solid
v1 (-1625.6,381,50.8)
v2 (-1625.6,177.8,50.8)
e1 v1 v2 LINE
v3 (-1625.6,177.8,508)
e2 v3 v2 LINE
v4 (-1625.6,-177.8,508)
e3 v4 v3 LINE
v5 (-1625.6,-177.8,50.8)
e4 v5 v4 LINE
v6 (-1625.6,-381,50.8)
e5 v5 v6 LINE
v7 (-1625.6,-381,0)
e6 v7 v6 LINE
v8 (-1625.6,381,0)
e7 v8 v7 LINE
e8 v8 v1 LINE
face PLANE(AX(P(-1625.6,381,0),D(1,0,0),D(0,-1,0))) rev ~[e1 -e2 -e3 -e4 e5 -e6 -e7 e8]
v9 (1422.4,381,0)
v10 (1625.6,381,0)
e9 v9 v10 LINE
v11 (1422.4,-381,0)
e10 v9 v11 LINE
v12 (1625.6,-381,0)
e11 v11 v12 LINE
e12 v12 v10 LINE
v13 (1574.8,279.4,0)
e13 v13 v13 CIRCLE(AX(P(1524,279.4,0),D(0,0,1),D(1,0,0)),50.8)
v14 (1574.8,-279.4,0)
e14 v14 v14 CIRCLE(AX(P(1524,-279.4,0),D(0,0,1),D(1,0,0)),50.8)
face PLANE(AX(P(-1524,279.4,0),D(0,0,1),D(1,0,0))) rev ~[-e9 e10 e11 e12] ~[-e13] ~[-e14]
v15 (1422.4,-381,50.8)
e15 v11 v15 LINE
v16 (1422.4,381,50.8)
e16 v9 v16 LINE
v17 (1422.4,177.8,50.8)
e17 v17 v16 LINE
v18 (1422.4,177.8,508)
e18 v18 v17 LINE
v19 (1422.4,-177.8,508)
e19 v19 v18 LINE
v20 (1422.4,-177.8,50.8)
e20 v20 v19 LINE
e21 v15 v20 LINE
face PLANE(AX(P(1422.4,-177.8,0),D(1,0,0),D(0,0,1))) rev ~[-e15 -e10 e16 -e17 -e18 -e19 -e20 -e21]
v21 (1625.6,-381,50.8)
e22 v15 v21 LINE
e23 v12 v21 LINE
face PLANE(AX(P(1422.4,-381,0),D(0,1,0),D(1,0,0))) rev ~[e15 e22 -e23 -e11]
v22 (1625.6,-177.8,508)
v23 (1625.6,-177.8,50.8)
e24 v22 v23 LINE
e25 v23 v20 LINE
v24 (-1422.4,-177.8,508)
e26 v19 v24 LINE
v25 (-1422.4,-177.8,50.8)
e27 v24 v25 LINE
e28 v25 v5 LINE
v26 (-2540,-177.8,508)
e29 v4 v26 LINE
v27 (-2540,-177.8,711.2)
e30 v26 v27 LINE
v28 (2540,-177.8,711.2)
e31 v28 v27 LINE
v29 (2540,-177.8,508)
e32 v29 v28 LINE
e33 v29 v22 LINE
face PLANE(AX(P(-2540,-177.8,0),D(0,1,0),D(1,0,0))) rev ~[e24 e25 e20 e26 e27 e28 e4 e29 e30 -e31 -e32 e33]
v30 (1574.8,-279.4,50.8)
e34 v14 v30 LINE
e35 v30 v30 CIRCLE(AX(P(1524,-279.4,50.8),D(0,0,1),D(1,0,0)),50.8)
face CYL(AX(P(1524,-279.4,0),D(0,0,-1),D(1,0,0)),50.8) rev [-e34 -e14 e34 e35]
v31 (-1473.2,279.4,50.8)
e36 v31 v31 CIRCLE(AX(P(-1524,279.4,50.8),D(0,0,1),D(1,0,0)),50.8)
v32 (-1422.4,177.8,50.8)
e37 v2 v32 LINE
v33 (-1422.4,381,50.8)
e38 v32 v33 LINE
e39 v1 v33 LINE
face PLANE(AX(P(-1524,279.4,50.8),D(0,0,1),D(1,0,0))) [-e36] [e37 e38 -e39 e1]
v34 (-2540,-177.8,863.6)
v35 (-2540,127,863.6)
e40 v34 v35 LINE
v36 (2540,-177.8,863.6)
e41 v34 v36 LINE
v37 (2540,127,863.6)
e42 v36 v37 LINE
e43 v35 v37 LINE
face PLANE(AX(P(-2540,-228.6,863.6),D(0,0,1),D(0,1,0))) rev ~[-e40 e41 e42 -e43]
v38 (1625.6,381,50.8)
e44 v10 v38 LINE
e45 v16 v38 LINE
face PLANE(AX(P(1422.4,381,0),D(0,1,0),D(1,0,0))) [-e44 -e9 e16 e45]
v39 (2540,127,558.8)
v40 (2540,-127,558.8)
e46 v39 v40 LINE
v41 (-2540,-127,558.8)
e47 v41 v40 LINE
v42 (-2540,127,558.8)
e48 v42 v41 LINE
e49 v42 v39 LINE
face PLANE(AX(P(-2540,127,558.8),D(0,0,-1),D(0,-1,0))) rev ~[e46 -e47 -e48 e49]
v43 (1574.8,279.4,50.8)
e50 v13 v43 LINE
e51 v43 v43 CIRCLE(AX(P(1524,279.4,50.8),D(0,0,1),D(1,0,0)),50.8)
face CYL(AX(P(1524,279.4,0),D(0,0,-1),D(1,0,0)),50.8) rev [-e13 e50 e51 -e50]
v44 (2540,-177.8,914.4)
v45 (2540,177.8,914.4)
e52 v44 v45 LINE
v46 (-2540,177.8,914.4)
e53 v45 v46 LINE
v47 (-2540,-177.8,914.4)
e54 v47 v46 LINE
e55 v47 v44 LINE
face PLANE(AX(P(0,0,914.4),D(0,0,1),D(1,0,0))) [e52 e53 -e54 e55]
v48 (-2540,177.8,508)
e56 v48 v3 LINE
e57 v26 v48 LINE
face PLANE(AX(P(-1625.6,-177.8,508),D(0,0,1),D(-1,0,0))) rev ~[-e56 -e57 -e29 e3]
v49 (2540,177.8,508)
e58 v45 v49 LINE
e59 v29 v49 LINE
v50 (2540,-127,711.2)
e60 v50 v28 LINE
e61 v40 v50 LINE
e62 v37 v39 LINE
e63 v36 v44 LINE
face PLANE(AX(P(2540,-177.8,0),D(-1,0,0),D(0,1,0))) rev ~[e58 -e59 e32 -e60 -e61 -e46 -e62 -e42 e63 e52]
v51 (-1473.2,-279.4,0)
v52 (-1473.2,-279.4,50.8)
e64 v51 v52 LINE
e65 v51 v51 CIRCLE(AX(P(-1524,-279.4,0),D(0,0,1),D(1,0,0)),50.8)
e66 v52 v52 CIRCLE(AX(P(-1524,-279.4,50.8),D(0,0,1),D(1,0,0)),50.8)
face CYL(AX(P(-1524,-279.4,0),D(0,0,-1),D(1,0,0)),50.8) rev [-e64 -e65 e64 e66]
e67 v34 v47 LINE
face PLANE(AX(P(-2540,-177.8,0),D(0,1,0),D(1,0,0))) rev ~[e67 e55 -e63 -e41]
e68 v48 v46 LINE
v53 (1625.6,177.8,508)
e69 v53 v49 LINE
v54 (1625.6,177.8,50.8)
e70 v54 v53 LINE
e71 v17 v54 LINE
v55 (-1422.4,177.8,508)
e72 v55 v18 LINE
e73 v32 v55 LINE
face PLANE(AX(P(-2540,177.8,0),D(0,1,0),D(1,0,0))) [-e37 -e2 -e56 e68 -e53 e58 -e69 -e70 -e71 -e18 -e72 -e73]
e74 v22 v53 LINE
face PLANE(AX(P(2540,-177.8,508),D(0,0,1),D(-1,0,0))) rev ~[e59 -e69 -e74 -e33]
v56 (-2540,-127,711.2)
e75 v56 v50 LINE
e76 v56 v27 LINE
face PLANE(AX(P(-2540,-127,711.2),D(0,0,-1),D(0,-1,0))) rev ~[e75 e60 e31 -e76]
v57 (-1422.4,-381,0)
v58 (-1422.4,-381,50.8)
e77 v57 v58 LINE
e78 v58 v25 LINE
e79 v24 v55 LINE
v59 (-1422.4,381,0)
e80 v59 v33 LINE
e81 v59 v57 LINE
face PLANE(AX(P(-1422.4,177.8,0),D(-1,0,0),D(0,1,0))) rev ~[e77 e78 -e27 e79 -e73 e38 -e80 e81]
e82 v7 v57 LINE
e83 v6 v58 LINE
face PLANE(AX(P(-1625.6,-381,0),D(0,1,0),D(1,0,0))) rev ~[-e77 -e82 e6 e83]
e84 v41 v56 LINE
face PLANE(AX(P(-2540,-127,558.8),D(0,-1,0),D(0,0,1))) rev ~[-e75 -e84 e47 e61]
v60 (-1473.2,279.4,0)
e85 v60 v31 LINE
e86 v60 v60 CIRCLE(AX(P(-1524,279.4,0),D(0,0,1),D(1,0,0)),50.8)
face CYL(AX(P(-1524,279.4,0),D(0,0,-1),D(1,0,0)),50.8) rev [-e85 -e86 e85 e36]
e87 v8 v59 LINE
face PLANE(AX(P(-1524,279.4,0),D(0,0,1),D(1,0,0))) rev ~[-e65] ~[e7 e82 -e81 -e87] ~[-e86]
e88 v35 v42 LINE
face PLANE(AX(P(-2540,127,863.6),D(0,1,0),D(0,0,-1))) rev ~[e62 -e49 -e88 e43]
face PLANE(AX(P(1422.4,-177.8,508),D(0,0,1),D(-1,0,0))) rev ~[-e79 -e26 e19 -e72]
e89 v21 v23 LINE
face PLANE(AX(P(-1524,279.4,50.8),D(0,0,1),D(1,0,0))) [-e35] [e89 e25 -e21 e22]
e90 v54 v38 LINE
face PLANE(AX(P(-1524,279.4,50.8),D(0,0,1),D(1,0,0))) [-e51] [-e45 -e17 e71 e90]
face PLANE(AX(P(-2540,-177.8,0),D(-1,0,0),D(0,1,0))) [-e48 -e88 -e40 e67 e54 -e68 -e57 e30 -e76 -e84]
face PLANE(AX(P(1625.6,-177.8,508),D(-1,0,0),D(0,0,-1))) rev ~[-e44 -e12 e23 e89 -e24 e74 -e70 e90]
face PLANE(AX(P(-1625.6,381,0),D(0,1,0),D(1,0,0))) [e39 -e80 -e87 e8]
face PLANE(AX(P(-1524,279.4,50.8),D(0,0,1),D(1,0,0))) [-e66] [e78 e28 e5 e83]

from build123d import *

# Parameters (mm, degrees)
F0_W     = 203.2
F0_H     = 203.2
F0_R     = 50.8
F0_H_2   = 355.6
F0_W_2   = 2844.8
F0_W_3   = 914.4
F1_DEPTH = 50.8
F2_DEPTH = 914.4
F3_W     = 50.8
F3_H     = 152.4
F4_DEPTH = 5963.92
F6_DEPTH = 1143


with BuildPart() as f1:
    # F0 (on Top) → F1 (new body)
    with BuildSketch(Plane.XY):
        with Locations((-1524, 279.4)):
            Rectangle(F0_W, F0_H)
        with Locations((-1524, 279.4)):
            Circle(F0_R, mode=Mode.SUBTRACT)
        with Locations((-1524, -279.4)):
            Rectangle(F0_W, F0_H)
        with Locations((-1524, -279.4)):
            Circle(F0_R, mode=Mode.SUBTRACT)
        with Locations((-1524, 0)):
            Rectangle(F0_W, F0_H_2)
        Rectangle(F0_W_2, F0_H_2)
        with Locations((-2082.8, 0)):
            Rectangle(F0_W_3, F0_H_2)
        with Locations((2082.8, 0)):
            Rectangle(F0_W_3, F0_H_2)
        with Locations((1524, 0)):
            Rectangle(F0_W, F0_H_2)
        with Locations((1524, 279.4)):
            Rectangle(F0_W, F0_H)
        with Locations((1524, 279.4)):
            Circle(F0_R, mode=Mode.SUBTRACT)
        with Locations((1524, -279.4)):
            Rectangle(F0_W, F0_H)
        with Locations((1524, -279.4)):
            Circle(F0_R, mode=Mode.SUBTRACT)
    extrude(amount=F1_DEPTH)

    # F0 (on Top) → F2 (join)
    with BuildSketch(Plane.XY):
        Rectangle(F0_W_2, F0_H_2)
        with Locations((2082.8, 0)):
            Rectangle(F0_W_3, F0_H_2)
        with Locations((-2082.8, 0)):
            Rectangle(F0_W_3, F0_H_2)
        with Locations((-1524, 0)):
            Rectangle(F0_W, F0_H_2)
        with Locations((1524, 0)):
            Rectangle(F0_W, F0_H_2)
    extrude(amount=F2_DEPTH)

    # F3 (on face) → F4 (cut)
    with BuildSketch(Plane(origin=(-2540, 0, 0), x_dir=(0, -1, 0), z_dir=(-1, 0, 0))):
        Polygon((-127, 863.6), (-127, 558.8), (127, 558.8), (127, 711.2), (127, 863.6), align=None)
        with Locations((203.2, 787.4)):
            Rectangle(F3_W, F3_H)
        with Locations((152.4, 787.4)):
            Rectangle(F3_W, F3_H)
    extrude(amount=-F4_DEPTH, mode=Mode.SUBTRACT)

    # F5 (on face) → F6 (cut)
    with BuildSketch(Plane.XZ.offset(177.8)):
        Polygon((-1422.4, 508), (-1422.4, 50.8), (-1422.4, 0), (1422.4, 0), (1422.4, 50.8), (1422.4, 508), align=None)
        Polygon((2540, 0), (2540, 508), (1625.6, 508), (1625.6, 50.8), (1625.6, 0), align=None)
        Polygon((-2540, 0), (-1625.6, 0), (-1625.6, 50.8), (-1625.6, 508), (-2540, 508), align=None)
    extrude(amount=-F6_DEPTH, mode=Mode.SUBTRACT)


solid = f1.part
